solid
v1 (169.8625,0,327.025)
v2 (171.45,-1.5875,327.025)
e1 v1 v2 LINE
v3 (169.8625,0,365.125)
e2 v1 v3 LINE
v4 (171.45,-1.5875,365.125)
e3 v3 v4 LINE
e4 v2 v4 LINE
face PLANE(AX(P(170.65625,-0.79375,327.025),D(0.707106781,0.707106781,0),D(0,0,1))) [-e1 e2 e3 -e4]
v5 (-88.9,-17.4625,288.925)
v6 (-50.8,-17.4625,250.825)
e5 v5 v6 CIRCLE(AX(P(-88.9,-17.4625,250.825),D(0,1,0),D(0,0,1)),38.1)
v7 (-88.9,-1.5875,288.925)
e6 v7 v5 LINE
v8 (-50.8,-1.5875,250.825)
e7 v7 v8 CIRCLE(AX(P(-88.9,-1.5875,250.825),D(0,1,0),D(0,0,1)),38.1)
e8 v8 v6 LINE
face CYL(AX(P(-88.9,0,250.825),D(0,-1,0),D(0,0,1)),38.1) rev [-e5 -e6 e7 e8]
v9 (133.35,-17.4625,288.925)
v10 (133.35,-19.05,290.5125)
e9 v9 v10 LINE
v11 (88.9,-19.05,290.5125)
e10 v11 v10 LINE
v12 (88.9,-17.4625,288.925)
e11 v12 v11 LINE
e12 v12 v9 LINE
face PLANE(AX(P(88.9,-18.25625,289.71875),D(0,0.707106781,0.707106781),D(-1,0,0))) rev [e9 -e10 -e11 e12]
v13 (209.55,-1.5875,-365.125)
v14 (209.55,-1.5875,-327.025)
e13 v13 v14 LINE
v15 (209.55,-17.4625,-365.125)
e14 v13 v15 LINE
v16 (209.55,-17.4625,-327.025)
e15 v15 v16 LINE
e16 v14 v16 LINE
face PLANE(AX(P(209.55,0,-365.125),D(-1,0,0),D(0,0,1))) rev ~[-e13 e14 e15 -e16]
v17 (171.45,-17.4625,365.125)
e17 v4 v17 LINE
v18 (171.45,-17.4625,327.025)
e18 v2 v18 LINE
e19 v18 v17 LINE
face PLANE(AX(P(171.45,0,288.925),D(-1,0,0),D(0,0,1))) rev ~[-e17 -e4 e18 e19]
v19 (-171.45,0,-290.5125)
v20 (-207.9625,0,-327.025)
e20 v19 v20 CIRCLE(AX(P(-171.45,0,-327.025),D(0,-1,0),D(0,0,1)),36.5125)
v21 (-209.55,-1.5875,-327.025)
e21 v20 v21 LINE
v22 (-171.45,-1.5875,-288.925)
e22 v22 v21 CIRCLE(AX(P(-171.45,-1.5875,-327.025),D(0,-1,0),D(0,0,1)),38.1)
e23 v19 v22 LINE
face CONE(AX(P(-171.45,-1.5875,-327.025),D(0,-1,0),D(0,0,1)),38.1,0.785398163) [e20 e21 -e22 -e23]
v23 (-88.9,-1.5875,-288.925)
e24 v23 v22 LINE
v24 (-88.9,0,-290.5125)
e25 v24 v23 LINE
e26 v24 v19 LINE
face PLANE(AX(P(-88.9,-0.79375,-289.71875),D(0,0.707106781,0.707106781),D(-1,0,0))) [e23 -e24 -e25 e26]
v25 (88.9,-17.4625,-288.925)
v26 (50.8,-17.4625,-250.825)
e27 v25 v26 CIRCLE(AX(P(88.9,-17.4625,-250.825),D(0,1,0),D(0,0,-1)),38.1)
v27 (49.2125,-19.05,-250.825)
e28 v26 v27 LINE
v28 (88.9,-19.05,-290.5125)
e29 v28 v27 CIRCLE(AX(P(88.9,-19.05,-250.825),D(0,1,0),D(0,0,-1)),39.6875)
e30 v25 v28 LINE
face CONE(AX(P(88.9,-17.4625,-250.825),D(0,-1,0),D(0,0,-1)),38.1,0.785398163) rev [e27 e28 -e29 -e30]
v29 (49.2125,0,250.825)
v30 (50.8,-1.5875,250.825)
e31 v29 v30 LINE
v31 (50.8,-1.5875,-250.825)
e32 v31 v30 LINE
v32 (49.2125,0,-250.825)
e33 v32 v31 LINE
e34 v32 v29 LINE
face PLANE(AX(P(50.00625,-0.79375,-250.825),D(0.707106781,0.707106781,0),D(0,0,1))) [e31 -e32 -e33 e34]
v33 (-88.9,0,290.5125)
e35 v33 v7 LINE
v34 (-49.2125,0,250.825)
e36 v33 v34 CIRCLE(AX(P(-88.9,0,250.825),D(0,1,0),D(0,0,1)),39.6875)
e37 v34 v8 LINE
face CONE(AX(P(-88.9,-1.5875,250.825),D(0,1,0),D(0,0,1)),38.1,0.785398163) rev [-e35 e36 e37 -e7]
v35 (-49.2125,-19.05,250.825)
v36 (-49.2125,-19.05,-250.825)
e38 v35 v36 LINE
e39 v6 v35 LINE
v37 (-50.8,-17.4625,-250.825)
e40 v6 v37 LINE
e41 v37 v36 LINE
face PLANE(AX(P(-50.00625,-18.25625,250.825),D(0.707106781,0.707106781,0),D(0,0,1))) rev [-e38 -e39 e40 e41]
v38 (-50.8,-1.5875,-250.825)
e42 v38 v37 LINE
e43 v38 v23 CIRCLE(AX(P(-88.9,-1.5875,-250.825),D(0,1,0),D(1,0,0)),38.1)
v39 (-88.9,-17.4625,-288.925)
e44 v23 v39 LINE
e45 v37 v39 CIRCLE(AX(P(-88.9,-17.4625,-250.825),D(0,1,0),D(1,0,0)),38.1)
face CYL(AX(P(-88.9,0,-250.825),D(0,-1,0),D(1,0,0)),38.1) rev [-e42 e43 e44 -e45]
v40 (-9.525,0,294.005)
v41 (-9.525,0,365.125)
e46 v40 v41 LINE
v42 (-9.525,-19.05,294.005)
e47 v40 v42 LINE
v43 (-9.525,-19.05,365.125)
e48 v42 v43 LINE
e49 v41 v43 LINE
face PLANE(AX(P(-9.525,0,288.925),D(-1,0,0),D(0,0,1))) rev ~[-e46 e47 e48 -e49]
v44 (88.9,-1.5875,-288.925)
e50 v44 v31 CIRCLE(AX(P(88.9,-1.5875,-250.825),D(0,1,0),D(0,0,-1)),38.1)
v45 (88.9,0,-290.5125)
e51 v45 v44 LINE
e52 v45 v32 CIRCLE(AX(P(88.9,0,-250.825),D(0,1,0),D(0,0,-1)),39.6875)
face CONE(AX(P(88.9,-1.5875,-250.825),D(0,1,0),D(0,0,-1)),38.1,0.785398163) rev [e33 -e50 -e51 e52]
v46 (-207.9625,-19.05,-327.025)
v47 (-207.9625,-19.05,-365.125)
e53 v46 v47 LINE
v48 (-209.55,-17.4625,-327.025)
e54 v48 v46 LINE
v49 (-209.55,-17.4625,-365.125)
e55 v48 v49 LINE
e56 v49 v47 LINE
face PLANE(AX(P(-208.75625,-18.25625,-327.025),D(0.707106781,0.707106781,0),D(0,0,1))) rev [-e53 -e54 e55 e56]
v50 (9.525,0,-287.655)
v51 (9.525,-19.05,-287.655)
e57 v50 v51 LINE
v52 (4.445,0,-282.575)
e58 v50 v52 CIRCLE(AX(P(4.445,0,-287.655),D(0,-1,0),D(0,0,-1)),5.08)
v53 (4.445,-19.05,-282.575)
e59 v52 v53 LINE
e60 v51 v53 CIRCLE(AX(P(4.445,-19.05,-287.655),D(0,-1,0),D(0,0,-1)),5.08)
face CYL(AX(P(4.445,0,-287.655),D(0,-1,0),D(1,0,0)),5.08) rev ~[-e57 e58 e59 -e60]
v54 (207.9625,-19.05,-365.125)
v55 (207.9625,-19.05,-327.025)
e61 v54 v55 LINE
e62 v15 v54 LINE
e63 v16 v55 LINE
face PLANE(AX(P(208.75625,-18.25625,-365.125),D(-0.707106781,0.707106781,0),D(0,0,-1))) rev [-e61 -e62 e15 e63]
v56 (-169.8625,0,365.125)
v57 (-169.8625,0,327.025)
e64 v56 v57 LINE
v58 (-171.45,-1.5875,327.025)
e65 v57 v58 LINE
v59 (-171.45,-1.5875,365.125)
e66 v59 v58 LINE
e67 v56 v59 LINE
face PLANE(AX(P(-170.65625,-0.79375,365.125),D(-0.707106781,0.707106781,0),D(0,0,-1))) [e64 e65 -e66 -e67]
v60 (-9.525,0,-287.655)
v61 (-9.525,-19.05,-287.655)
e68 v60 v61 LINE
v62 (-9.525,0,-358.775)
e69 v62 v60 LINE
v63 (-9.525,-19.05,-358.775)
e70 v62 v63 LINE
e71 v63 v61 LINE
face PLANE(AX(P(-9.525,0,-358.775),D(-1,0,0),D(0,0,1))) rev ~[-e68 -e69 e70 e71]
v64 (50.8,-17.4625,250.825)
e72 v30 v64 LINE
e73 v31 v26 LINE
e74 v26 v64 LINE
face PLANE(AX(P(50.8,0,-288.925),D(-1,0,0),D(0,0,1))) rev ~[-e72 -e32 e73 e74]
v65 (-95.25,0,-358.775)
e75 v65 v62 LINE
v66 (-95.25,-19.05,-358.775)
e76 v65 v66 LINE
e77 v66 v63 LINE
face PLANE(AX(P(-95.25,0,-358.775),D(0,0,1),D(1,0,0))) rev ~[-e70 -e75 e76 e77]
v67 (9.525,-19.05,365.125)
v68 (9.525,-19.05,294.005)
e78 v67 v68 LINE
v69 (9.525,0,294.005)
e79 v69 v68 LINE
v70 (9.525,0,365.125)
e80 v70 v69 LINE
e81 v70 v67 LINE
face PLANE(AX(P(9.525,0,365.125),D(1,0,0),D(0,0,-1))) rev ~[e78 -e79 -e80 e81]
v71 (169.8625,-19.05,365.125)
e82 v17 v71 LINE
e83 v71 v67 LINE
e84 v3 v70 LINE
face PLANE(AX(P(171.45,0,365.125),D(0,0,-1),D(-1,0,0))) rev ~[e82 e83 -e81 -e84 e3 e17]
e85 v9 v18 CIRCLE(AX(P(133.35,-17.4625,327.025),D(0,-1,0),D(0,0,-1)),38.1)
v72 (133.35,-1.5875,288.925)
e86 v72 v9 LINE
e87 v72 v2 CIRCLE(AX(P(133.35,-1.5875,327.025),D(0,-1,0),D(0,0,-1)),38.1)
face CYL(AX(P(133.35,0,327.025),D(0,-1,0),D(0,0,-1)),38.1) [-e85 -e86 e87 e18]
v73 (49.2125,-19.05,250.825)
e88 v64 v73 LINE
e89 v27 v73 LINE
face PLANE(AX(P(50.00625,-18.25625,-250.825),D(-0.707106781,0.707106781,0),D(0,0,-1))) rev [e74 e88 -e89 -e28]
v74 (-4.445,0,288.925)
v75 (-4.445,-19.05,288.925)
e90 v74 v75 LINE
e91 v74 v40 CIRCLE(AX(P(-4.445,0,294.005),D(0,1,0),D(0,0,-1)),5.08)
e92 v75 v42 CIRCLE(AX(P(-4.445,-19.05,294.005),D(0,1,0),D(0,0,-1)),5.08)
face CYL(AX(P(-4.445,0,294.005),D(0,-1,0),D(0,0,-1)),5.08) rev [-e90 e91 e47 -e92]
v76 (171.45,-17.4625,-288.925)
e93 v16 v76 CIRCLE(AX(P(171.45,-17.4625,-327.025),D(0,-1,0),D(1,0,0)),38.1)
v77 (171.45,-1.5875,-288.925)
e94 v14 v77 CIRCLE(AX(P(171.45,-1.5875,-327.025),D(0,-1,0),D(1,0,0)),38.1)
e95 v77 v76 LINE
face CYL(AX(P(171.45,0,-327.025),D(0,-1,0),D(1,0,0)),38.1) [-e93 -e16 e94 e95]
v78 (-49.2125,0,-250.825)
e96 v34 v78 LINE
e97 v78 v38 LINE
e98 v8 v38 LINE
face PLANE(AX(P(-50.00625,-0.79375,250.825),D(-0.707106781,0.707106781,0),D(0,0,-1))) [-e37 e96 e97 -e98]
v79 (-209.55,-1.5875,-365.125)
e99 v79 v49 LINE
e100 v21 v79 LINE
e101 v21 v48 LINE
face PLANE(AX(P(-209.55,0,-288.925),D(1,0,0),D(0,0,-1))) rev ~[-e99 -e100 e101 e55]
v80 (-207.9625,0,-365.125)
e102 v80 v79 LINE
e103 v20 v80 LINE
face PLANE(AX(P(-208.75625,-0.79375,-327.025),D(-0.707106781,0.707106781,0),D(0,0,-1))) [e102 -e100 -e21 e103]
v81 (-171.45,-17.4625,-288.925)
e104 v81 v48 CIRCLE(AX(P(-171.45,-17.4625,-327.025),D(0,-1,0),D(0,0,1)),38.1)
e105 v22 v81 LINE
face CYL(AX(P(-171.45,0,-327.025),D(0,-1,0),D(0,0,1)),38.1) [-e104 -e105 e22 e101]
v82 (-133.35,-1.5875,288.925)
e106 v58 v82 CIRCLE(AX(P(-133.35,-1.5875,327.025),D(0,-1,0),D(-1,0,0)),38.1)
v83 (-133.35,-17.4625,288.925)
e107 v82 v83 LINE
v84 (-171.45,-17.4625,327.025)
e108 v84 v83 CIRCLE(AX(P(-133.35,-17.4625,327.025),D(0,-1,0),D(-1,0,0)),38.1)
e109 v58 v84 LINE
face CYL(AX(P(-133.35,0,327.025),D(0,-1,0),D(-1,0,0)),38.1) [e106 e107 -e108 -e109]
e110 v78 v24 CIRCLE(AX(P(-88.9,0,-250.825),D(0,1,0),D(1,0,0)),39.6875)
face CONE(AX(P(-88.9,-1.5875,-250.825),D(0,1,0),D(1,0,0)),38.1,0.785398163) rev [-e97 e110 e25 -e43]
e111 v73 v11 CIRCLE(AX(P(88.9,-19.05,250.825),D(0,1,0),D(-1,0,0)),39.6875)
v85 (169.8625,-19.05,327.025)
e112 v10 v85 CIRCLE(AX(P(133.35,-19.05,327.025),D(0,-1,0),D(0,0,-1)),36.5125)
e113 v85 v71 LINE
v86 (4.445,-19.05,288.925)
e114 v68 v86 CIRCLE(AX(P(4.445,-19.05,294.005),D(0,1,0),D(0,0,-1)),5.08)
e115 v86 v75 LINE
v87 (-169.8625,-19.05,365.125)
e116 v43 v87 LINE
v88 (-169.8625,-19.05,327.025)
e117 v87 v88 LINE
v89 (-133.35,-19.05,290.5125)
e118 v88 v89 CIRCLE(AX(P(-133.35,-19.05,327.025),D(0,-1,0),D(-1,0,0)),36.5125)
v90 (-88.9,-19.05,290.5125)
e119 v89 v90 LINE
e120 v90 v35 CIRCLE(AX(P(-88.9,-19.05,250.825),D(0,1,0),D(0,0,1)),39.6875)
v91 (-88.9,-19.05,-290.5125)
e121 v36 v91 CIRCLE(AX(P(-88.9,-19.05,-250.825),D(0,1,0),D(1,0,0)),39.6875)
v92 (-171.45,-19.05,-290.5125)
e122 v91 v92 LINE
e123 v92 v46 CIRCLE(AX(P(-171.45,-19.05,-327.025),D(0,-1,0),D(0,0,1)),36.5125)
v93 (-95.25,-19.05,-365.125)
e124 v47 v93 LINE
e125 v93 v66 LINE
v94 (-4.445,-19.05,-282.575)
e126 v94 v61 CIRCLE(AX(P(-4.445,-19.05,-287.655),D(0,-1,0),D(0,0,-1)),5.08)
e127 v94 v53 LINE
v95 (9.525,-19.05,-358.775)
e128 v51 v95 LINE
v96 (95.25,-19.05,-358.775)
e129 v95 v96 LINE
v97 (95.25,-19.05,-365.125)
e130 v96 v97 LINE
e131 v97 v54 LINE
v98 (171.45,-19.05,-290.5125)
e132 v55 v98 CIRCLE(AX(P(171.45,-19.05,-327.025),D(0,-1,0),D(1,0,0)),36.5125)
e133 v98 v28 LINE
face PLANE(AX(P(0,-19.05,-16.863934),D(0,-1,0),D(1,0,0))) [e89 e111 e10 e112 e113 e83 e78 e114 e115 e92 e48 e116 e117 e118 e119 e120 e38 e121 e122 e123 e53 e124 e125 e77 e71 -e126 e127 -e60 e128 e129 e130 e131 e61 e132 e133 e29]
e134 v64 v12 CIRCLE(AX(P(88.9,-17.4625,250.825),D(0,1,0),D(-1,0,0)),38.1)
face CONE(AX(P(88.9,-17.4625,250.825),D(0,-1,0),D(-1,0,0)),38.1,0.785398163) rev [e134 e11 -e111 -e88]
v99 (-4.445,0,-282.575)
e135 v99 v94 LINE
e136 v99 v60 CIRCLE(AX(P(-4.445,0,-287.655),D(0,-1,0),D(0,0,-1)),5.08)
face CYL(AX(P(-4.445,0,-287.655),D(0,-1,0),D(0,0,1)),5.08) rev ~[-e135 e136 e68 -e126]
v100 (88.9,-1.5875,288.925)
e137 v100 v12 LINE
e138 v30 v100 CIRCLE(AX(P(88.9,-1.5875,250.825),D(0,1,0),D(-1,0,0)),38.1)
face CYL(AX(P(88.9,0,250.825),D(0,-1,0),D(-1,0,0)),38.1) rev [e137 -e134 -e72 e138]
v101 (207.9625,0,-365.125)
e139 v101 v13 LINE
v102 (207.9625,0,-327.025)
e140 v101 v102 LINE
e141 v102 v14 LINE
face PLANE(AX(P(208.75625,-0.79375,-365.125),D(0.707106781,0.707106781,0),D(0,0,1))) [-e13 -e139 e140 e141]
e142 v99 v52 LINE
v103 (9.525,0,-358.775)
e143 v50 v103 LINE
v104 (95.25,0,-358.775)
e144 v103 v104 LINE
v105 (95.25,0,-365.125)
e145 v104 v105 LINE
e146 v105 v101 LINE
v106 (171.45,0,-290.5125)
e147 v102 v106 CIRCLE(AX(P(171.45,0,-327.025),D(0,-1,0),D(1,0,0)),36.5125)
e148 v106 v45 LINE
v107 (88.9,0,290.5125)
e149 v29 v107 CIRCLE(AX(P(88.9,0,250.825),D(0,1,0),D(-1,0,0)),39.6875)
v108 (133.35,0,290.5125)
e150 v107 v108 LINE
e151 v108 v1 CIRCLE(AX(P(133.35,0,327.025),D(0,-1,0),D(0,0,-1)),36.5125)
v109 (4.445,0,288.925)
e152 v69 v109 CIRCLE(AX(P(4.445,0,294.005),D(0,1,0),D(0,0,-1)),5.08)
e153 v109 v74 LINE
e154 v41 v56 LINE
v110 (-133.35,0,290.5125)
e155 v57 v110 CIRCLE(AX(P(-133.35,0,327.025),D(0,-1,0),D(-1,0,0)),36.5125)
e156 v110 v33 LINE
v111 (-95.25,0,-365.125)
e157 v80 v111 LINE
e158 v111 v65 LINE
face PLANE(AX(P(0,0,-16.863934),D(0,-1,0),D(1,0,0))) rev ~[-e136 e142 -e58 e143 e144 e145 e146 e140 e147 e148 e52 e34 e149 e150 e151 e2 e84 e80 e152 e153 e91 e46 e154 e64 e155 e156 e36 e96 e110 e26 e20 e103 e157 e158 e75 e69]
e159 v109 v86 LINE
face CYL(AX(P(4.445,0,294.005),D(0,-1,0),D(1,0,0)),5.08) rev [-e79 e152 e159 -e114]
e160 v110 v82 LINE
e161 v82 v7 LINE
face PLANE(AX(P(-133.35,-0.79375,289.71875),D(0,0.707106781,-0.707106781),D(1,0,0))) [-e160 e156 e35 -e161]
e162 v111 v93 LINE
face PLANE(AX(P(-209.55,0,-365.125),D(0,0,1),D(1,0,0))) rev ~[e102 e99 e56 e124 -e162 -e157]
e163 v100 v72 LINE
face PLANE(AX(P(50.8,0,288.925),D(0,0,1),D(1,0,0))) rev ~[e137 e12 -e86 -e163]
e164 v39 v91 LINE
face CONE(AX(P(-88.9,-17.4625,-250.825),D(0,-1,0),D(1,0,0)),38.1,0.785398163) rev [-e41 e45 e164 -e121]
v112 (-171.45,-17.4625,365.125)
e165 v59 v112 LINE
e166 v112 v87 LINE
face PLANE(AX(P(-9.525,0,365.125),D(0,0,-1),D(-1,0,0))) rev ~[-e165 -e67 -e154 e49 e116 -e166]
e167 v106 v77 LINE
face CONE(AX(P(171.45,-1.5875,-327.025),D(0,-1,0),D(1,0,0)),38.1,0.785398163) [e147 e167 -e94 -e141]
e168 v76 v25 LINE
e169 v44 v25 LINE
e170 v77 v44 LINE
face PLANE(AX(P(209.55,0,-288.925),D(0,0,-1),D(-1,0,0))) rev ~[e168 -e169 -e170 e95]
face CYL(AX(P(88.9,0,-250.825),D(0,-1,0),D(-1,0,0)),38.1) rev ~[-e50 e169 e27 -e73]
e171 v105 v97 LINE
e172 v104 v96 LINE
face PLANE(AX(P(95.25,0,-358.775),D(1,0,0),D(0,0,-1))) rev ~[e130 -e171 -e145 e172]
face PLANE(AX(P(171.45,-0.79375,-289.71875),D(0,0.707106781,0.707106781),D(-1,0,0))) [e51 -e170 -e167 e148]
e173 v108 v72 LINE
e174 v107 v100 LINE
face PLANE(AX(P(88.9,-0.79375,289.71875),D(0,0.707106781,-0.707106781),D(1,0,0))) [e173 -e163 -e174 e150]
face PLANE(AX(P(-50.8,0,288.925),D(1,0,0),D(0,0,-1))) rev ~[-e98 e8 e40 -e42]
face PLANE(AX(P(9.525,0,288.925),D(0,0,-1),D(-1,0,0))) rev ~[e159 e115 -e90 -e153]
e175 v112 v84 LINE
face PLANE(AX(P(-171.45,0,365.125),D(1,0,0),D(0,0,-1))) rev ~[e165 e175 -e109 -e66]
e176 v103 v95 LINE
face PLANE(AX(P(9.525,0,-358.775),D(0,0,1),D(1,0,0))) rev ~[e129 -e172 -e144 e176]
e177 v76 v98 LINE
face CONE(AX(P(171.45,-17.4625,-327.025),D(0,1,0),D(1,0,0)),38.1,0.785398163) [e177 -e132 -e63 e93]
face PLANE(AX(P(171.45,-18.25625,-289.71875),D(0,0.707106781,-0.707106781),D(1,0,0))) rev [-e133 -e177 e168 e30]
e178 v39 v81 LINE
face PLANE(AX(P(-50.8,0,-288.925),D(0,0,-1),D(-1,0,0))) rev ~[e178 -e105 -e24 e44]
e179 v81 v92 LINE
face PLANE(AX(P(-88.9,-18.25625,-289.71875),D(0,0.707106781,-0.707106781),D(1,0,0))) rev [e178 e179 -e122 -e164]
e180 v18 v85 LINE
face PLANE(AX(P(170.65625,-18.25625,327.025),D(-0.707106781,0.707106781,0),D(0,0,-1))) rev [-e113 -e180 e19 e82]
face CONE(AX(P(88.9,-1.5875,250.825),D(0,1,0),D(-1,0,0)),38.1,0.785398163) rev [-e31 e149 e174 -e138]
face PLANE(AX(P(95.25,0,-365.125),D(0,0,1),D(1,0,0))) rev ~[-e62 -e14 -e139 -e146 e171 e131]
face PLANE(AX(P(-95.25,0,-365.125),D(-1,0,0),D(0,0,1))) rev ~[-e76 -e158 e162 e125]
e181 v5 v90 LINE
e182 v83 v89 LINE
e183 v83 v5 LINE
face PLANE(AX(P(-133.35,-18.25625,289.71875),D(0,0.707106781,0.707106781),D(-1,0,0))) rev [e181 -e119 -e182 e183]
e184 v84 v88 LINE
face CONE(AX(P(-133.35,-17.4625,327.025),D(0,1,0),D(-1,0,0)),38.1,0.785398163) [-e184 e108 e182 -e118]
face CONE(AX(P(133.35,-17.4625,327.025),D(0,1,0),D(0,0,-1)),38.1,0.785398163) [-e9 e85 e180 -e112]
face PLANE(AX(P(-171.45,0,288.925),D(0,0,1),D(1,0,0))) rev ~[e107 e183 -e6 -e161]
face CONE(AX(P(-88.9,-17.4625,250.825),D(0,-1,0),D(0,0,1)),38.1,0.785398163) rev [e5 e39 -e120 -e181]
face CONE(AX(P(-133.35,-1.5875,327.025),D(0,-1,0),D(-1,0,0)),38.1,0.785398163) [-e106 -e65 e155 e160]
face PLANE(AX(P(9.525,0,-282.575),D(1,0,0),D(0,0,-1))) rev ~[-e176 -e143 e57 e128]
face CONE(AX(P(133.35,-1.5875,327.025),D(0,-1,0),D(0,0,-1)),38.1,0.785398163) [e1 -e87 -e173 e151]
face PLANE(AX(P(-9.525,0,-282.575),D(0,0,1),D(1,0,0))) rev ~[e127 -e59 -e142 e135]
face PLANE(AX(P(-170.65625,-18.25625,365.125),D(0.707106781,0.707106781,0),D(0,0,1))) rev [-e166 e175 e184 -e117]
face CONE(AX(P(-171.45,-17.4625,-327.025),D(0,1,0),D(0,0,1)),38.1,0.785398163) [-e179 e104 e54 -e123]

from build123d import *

# Parameters (mm, degrees)
F1_DEPTH = 19.05
F2_R     = 38.1
F3_R     = 5.08
F4_R     = 5.08
F5_SIZE  = 1.5875


with BuildPart() as f1:
    # F0 (on Front) → F1 (new body)
    with BuildSketch(Plane.XZ):
        Polygon((50.8, -288.925), (50.8, 288.925), (171.45, 288.925), (171.45, 365.125), (9.525, 365.125), (9.525, 288.925), (-9.525, 288.925), (-9.525, 365.125), (-171.45, 365.125), (-171.45, 288.925), (-50.8, 288.925), (-50.8, -288.925), (-209.55, -288.925), (-209.55, -365.125), (-95.25, -365.125), (-95.25, -358.775), (-9.525, -358.775), (-9.525, -282.575), (9.525, -282.575), (9.525, -358.775), (95.25, -358.775), (95.25, -365.125), (209.55, -365.125), (209.55, -288.925), align=None)
    extrude(amount=F1_DEPTH)

    # F2
    f2_edges = [f1.edges().sort_by_distance(p)[0] for p in [
        (50.8, -9.525, 288.925),
        (-50.8, -9.525, 288.925),
        (171.45, -9.525, 288.925),
        (-171.45, -9.525, 288.925),
        (-209.55, -9.525, -288.925),
        (50.8, -9.525, -288.925),
        (209.55, -9.525, -288.925),
        (-50.8, -9.525, -288.925),
    ]]
    fillet(f2_edges, radius=F2_R)

    # F3
    f3_edges = [f1.edges().sort_by_distance(p)[0] for p in [
        (9.525, -9.525, 288.925),
        (-9.525, -9.525, 288.925),
    ]]
    fillet(f3_edges, radius=F3_R)

    # F4
    f4_edges = [f1.edges().sort_by_distance(p)[0] for p in [
        (9.525, -9.525, -282.575),
        (-9.525, -9.525, -282.575),
    ]]
    fillet(f4_edges, radius=F4_R)

    # F5
    f5_edges = [f1.edges().sort_by_distance(p)[0] for p in [
        (-50.8, -19.05, 0),
        (-50.8, 0, 0),
        (50.8, -19.05, 0),
        (50.8, 0, 0),
    ]]
    chamfer(f5_edges, length=F5_SIZE)


solid = f1.part
